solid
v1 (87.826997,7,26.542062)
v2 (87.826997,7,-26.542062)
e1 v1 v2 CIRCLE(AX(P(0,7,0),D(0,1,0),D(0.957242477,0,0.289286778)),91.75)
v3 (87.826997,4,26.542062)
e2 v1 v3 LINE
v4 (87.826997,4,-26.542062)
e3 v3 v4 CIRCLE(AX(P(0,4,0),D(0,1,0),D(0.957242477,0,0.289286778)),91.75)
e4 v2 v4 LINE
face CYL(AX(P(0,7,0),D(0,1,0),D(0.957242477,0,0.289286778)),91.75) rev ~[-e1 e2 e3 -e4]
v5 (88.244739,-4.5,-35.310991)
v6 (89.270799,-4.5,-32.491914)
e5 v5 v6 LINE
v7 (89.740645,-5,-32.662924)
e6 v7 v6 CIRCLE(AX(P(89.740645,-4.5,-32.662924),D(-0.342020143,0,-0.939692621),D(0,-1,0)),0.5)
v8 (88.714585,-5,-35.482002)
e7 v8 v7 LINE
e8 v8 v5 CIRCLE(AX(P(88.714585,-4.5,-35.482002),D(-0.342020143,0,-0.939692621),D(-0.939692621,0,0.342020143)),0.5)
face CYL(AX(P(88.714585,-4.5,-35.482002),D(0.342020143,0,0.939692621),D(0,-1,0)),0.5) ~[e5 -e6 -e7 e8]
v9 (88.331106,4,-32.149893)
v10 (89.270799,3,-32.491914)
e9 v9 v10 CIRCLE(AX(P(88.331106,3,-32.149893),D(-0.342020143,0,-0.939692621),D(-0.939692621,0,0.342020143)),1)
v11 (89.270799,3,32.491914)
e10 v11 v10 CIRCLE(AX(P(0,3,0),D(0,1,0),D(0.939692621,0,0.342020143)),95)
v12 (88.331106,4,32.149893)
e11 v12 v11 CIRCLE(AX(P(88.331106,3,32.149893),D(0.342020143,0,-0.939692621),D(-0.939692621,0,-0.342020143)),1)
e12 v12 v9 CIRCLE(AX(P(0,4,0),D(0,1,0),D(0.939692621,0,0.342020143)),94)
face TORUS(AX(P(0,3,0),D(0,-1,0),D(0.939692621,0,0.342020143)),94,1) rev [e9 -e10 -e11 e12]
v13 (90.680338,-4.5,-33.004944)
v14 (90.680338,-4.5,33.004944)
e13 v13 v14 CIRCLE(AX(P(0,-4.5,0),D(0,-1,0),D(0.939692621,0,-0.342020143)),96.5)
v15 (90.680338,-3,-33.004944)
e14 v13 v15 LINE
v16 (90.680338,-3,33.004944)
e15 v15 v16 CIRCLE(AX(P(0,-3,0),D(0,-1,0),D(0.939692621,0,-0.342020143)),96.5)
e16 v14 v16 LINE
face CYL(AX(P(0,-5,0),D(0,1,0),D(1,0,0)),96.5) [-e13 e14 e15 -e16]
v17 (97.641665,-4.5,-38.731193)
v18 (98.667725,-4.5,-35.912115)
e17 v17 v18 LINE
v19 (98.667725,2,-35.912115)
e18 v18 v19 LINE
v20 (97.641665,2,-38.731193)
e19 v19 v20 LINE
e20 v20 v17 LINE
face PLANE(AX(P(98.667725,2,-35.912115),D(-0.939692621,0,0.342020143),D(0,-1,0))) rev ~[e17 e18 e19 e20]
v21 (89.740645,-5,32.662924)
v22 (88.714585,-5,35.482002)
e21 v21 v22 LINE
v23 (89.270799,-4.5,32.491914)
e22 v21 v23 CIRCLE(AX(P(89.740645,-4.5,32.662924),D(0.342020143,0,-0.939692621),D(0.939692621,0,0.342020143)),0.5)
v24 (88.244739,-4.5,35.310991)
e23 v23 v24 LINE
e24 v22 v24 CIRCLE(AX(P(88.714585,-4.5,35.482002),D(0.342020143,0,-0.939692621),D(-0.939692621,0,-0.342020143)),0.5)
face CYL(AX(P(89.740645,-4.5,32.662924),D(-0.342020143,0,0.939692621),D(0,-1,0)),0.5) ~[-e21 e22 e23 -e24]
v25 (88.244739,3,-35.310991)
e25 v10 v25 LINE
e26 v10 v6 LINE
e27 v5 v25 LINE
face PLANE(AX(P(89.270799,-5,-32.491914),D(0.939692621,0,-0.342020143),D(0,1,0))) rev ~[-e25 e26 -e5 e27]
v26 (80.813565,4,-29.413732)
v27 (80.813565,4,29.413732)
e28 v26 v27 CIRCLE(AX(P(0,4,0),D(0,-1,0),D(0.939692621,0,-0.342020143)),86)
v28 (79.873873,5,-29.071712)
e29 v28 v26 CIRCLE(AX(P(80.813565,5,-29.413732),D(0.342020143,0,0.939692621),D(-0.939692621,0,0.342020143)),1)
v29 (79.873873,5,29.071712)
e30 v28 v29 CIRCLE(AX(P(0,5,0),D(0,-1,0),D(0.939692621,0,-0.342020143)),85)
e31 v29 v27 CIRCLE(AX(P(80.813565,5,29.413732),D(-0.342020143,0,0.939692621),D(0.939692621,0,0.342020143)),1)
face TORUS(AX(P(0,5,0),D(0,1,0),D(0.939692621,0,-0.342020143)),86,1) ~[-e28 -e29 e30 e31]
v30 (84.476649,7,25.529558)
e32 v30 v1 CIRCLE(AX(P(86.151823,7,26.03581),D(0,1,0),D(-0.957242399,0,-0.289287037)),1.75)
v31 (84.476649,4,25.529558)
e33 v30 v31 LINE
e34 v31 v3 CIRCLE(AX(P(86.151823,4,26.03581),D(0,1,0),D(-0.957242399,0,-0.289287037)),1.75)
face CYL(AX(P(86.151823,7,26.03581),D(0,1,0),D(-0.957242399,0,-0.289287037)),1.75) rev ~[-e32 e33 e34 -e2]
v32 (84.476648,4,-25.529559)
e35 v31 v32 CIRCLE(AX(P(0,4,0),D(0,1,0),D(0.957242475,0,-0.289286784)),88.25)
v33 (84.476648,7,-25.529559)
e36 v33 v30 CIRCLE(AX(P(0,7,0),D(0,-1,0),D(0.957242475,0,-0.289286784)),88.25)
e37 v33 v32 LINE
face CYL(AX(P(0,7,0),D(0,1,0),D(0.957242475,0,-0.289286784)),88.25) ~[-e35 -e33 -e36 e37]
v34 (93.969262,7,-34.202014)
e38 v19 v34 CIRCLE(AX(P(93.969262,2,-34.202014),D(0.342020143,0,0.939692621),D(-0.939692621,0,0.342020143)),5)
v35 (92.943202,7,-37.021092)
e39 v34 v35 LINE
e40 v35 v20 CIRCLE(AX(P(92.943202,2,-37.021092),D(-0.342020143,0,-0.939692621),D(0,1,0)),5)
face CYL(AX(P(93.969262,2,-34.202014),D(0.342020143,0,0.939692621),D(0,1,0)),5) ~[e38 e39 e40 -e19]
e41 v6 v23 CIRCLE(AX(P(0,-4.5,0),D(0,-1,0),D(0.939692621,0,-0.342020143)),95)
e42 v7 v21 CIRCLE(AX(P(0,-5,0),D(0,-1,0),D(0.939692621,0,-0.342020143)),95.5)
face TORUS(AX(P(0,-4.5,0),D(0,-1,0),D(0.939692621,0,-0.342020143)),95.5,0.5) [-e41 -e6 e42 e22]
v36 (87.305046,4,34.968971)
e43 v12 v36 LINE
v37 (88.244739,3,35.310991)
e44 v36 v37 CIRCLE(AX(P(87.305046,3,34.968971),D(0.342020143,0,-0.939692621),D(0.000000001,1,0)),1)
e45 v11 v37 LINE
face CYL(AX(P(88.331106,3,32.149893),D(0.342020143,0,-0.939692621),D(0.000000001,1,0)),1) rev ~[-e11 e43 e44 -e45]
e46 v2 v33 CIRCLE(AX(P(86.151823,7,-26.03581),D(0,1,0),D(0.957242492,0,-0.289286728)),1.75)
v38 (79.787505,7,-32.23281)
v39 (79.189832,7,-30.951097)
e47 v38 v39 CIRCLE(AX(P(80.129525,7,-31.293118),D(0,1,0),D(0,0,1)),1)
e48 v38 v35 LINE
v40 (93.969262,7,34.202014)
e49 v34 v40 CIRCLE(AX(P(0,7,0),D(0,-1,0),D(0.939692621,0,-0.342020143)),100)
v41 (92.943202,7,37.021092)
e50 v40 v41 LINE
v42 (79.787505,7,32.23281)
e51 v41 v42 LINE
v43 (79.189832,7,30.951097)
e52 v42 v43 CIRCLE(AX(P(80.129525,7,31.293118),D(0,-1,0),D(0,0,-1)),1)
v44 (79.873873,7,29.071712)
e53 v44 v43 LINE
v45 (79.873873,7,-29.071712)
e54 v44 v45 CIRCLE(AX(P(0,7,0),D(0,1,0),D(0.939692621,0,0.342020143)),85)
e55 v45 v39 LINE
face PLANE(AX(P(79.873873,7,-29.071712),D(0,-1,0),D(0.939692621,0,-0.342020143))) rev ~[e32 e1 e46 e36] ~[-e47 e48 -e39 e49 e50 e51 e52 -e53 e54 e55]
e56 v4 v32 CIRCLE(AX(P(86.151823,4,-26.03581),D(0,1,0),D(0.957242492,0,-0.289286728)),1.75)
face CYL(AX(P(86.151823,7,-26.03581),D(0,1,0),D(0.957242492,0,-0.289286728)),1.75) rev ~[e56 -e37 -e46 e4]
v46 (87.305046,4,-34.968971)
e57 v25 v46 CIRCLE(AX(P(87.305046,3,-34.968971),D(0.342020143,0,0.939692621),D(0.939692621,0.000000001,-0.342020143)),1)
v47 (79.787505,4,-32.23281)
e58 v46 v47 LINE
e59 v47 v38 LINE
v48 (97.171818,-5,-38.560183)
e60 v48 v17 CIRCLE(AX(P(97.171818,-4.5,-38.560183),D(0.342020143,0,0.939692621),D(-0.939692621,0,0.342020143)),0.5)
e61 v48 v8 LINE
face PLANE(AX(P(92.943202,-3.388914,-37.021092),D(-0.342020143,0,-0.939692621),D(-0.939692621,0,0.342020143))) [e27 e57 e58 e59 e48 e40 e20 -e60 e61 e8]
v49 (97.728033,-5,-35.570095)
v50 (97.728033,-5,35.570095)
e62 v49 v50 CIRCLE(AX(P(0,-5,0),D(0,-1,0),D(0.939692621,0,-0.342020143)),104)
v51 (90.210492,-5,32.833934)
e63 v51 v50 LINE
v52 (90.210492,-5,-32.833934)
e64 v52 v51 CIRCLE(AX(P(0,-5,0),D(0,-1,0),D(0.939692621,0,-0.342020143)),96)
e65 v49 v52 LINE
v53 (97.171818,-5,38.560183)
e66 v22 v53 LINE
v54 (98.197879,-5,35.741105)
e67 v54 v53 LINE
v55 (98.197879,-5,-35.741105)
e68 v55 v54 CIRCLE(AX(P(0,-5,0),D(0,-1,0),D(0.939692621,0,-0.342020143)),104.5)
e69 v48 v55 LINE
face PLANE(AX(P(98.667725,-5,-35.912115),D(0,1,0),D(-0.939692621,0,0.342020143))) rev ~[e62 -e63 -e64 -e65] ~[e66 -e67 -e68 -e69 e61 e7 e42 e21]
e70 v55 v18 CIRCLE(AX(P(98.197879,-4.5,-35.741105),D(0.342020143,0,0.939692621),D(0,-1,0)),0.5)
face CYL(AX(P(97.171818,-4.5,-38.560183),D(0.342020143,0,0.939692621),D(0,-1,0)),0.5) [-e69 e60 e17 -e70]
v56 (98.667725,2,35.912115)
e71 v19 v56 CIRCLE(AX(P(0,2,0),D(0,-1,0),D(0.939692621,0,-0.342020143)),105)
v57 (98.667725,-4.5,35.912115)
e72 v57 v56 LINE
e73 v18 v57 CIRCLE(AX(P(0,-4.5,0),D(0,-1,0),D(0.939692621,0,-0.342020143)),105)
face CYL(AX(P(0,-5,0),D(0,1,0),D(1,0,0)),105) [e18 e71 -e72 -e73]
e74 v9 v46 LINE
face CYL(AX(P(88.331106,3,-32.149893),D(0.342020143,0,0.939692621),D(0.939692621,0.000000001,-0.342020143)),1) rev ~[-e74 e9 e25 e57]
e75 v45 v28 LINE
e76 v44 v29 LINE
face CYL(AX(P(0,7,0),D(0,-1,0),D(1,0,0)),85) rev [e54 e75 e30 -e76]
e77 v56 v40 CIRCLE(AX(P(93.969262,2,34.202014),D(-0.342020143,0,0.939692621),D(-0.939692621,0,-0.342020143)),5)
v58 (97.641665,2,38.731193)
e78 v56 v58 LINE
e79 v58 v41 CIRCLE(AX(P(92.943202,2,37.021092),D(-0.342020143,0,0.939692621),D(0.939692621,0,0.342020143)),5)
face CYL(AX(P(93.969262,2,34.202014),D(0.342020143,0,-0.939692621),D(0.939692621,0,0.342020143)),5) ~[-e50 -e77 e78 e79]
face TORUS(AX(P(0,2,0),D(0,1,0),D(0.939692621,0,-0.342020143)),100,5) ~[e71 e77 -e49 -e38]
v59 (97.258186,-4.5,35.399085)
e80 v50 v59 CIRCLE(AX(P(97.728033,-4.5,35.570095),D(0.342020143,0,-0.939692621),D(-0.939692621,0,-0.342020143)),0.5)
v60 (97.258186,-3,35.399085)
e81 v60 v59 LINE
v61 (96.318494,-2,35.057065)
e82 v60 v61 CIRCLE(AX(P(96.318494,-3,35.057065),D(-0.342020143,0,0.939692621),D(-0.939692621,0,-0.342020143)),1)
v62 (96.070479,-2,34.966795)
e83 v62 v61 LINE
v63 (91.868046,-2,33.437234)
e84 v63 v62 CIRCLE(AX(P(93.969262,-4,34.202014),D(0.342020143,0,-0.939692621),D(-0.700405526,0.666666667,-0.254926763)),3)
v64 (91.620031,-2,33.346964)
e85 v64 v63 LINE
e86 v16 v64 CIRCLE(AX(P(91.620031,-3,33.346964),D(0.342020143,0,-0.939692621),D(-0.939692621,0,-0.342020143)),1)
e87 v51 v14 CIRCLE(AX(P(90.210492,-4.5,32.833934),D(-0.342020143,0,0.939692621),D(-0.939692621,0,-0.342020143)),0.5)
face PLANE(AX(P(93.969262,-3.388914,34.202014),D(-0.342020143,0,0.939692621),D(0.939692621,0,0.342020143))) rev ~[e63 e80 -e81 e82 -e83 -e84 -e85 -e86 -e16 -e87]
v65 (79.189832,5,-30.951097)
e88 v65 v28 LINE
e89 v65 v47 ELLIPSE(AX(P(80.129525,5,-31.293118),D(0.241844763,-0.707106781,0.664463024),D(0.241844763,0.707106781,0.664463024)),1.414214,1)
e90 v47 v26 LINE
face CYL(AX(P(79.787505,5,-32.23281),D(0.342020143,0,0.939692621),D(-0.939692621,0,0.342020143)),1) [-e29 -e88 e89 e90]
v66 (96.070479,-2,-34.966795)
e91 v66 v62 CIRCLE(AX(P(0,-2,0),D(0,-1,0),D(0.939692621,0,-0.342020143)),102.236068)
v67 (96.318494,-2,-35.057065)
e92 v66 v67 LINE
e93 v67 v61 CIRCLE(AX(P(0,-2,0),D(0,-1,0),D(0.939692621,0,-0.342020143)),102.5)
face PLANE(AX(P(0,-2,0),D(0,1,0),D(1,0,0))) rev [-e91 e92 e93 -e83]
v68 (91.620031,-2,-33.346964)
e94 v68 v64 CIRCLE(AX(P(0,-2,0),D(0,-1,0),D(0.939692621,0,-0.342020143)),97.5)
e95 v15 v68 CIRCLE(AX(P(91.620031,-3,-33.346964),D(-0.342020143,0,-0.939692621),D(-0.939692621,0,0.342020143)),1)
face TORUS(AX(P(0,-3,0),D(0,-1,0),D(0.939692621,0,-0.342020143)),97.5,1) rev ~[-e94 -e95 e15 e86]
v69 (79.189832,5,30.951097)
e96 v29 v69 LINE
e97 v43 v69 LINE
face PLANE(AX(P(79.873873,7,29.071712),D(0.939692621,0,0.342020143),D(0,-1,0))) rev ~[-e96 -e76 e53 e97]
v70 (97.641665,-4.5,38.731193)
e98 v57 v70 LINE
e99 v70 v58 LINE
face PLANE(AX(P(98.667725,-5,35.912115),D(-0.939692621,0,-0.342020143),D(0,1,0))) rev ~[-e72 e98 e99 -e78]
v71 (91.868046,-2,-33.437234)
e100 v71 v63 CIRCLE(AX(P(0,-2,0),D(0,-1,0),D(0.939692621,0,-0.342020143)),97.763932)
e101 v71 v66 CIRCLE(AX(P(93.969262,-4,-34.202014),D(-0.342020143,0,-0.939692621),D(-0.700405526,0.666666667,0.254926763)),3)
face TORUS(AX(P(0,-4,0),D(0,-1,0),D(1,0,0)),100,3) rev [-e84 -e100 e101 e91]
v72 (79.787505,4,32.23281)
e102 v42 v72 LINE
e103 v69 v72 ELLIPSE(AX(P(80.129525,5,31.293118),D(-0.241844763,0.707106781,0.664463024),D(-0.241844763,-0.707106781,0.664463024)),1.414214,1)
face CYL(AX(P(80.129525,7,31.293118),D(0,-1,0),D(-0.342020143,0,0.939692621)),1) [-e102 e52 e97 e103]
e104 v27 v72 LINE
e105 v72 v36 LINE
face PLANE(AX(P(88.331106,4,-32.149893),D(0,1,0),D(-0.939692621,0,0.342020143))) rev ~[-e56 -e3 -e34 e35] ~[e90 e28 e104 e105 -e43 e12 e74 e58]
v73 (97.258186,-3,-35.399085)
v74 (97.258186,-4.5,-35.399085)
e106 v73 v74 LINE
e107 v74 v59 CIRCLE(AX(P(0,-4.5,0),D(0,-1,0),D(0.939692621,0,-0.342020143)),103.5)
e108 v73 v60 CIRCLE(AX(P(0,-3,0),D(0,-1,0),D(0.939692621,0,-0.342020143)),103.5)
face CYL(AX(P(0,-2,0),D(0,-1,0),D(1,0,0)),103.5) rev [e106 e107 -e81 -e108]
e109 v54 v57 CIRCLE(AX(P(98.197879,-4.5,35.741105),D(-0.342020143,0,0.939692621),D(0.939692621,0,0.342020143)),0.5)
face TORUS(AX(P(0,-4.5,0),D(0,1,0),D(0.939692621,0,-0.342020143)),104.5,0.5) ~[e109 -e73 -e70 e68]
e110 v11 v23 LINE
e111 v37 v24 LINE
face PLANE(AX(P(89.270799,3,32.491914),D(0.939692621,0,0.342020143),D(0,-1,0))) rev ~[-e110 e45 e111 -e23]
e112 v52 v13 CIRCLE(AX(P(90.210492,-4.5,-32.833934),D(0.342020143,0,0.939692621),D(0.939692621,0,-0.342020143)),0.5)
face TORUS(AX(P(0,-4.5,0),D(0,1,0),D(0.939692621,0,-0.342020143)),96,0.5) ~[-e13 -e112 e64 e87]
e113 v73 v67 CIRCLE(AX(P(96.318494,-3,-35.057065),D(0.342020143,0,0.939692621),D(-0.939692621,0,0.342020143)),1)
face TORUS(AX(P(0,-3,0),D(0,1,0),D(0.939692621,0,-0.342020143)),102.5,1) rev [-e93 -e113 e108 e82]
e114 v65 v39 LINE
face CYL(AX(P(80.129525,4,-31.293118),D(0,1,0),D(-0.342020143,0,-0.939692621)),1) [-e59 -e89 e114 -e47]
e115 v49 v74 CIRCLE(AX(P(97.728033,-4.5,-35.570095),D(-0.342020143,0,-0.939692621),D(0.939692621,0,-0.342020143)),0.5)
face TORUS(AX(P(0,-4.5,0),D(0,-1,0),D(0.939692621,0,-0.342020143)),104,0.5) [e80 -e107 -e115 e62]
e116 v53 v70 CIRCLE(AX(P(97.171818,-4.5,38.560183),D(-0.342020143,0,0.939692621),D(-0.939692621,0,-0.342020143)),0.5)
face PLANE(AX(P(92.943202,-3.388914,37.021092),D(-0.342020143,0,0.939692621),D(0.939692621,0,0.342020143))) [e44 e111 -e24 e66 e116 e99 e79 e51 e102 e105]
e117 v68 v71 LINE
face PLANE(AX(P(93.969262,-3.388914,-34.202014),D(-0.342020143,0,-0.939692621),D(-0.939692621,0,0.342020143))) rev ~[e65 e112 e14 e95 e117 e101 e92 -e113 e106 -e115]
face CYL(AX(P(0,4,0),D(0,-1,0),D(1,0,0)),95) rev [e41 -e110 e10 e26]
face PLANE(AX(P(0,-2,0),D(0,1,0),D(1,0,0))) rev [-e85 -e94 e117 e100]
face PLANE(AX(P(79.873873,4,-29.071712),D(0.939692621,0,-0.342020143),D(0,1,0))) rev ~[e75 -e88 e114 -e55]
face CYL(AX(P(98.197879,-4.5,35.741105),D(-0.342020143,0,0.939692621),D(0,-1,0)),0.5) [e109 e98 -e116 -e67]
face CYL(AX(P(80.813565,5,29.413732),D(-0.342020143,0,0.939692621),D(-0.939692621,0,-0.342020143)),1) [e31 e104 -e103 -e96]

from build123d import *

# Parameters (mm, degrees)
REVOLVE_1_ANGLE     = 40
CUT_EXTRUDE_1_DEPTH = 10
FILLET_1_R          = 5
FILLET_3_R          = 1
FILLET_4_R          = 1
EXTRUDE_1_DEPTH     = 3
EXTRUDE_2_DEPTH     = 3
FILLET_6_R          = 0.5
FILLET_7_R          = 1


with BuildPart() as part:
    # 草图2 → 旋转1 (revolve, symmetric)
    with BuildSketch(Plane.XY) as revolve_1_sk:
        with BuildLine():
            Line((95, 4), (95, -5))
            Line((95, -5), (96.5, -5))
            Line((96.5, -5), (96.5, -2))
            Line((96.5, -2), (97.763932023, -2))
            ThreePointArc((97.763932023, -2), (100, -1), (102.236067977, -2))
            Line((102.236067977, -2), (103.5, -2))
            Line((103.5, -2), (103.5, -5))
            Line((103.5, -5), (105, -5))
            Line((105, -5), (105, 7))
            Line((105, 7), (85, 7))
            Line((85, 7), (85, 4))
            Line((85, 4), (95, 4))
        make_face()
    revolve(axis=Axis((0, 24.366902053, 0), (0, -1, 0)), revolution_arc=REVOLVE_1_ANGLE / 2)
    revolve(revolve_1_sk.sketch, axis=Axis((0, 24.366902053, 0), (0, 1, 0)), revolution_arc=REVOLVE_1_ANGLE / 2)

    # 草图3 → 切除-拉伸1 (cut)
    with BuildSketch(Plane(origin=(0, 7, 0), x_dir=(1, 0, 0), z_dir=(0, 1, 0))):
        with BuildLine():
            ThreePointArc((87.826997293, -26.542061834), (91.75, 1.18e-07), (87.826997225, 26.542062061))
            ThreePointArc((87.826997225, 26.542062061), (85.645571172, 27.710984674), (84.476648452, 25.529558679))
            ThreePointArc((84.476648452, 25.529558679), (88.25, 3.69e-07), (84.476648665, -25.529557973))
            ThreePointArc((84.476648665, -25.529557973), (85.645570933, -27.710984602), (87.826997293, -26.542061834))
        make_face()
    extrude(amount=-CUT_EXTRUDE_1_DEPTH, mode=Mode.SUBTRACT)

    # 圆角1
    fillet_1_edges = [part.edges().sort_by_distance(p)[0] for p in [
        (105, 7, 0),
    ]]
    fillet(fillet_1_edges, radius=FILLET_1_R)

    # 圆角3
    fillet_3_edges = [part.edges().sort_by_distance(p)[0] for p in [
        (95, 4, 0),
    ]]
    fillet(fillet_3_edges, radius=FILLET_3_R)

    # 圆角4
    fillet_4_edges = [part.edges().sort_by_distance(p)[0] for p in [
        (103.5, -2, 0),
        (96.5, -2, 0),
    ]]
    fillet(fillet_4_edges, radius=FILLET_4_R)

    # 草图5 → 凸台-拉伸1 (add)
    with BuildSketch(Plane(origin=(0, 0, 0), x_dir=(0.9396926207859081, 0, 0.34202014332566955), z_dir=(-0.34202014332566955, 0, 0.9396926207859082))):
        with BuildLine():
            Line((96.5, -5), (103.5, -5))
            Line((103.5, -5), (103.5, -3))
            ThreePointArc((103.5, -3), (103.207106781, -2.292893219), (102.5, -2))
            Line((102.5, -2), (102.236067977, -2))
            ThreePointArc((102.236067977, -2), (100, -1), (97.763932023, -2))
            Line((97.763932023, -2), (97.5, -2))
            ThreePointArc((97.5, -2), (96.792893219, -2.292893219), (96.5, -3))
            Line((96.5, -3), (96.5, -5))
        make_face()
        with BuildLine():
            Line((103.5, -5), (105, -5))
            Line((105, -5), (105, 2))
            ThreePointArc((105, 2), (103.535533906, 5.535533906), (100, 7))
            Line((100, 7), (85, 7))
            Line((85, 7), (85, 4))
            Line((85, 4), (94, 4))
            ThreePointArc((94, 4), (94.707106781, 3.707106781), (95, 3))
            Line((95, 3), (95, -5))
            Line((95, -5), (96.5, -5))
            Line((96.5, -5), (96.5, -3))
            ThreePointArc((96.5, -3), (96.792893219, -2.292893219), (97.5, -2))
            Line((97.5, -2), (97.763932023, -2))
            ThreePointArc((97.763932023, -2), (100, -1), (102.236067977, -2))
            Line((102.236067977, -2), (102.5, -2))
            ThreePointArc((102.5, -2), (103.207106781, -2.292893219), (103.5, -3))
            Line((103.5, -3), (103.5, -5))
        make_face()
    extrude(amount=EXTRUDE_1_DEPTH)

    # 草图6 → 凸台-拉伸2 (add)
    with BuildSketch(Plane(origin=(0, 0, 0), x_dir=(-0.9396926207859082, 0, 0.34202014332566943), z_dir=(-0.34202014332566943, 0, -0.9396926207859082))):
        with BuildLine():
            Line((-103.5, -5), (-96.5, -5))
            Line((-96.5, -5), (-96.5, -3))
            ThreePointArc((-96.5, -3), (-96.792893219, -2.292893219), (-97.5, -2))
            Line((-97.5, -2), (-97.763932023, -2))
            ThreePointArc((-97.763932023, -2), (-100, -1), (-102.236067977, -2))
            Line((-102.236067977, -2), (-102.5, -2))
            ThreePointArc((-102.5, -2), (-103.207106781, -2.292893219), (-103.5, -3))
            Line((-103.5, -3), (-103.5, -5))
        make_face()
        with BuildLine():
            Line((-85, 4), (-85, 7))
            Line((-85, 7), (-100, 7))
            ThreePointArc((-100, 7), (-103.535533906, 5.535533906), (-105, 2))
            Line((-105, 2), (-105, -5))
            Line((-105, -5), (-103.5, -5))
            Line((-103.5, -5), (-103.5, -3))
            ThreePointArc((-103.5, -3), (-103.207106781, -2.292893219), (-102.5, -2))
            Line((-102.5, -2), (-102.236067977, -2))
            ThreePointArc((-102.236067977, -2), (-100, -1), (-97.763932023, -2))
            Line((-97.763932023, -2), (-97.5, -2))
            ThreePointArc((-97.5, -2), (-96.792893219, -2.292893219), (-96.5, -3))
            Line((-96.5, -3), (-96.5, -5))
            Line((-96.5, -5), (-95, -5))
            Line((-95, -5), (-95, 3))
            ThreePointArc((-95, 3), (-94.707106781, 3.707106781), (-94, 4))
            Line((-94, 4), (-85, 4))
        make_face()
    extrude(amount=EXTRUDE_2_DEPTH)

    # 圆角6
    fillet_6_edges = [part.edges().sort_by_distance(p)[0] for p in [
        (88.75776876, -5, 33.901452547),
        (98.154694968, -5, 37.32165398),
        (98.154694968, -5, -37.32165398),
        (88.75776876, -5, -33.901452547),
        (105, -5, 0),
        (103.5, -5, 0),
        (96.5, -5, 0),
        (95, -5, 0),
    ]]
    fillet(fillet_6_edges, radius=FILLET_6_R)

    # 圆角7
    fillet_7_edges = [part.edges().sort_by_distance(p)[0] for p in [
        (79.360842552, 4, 30.481251114),
        (78.847812337, 5.5, 31.890790045),
        (79.360842552, 4, -30.481251114),
        (78.847812337, 5.5, -31.890790045),
        (85, 4, 0),
    ]]
    fillet(fillet_7_edges, radius=FILLET_7_R)


solid = part.part
